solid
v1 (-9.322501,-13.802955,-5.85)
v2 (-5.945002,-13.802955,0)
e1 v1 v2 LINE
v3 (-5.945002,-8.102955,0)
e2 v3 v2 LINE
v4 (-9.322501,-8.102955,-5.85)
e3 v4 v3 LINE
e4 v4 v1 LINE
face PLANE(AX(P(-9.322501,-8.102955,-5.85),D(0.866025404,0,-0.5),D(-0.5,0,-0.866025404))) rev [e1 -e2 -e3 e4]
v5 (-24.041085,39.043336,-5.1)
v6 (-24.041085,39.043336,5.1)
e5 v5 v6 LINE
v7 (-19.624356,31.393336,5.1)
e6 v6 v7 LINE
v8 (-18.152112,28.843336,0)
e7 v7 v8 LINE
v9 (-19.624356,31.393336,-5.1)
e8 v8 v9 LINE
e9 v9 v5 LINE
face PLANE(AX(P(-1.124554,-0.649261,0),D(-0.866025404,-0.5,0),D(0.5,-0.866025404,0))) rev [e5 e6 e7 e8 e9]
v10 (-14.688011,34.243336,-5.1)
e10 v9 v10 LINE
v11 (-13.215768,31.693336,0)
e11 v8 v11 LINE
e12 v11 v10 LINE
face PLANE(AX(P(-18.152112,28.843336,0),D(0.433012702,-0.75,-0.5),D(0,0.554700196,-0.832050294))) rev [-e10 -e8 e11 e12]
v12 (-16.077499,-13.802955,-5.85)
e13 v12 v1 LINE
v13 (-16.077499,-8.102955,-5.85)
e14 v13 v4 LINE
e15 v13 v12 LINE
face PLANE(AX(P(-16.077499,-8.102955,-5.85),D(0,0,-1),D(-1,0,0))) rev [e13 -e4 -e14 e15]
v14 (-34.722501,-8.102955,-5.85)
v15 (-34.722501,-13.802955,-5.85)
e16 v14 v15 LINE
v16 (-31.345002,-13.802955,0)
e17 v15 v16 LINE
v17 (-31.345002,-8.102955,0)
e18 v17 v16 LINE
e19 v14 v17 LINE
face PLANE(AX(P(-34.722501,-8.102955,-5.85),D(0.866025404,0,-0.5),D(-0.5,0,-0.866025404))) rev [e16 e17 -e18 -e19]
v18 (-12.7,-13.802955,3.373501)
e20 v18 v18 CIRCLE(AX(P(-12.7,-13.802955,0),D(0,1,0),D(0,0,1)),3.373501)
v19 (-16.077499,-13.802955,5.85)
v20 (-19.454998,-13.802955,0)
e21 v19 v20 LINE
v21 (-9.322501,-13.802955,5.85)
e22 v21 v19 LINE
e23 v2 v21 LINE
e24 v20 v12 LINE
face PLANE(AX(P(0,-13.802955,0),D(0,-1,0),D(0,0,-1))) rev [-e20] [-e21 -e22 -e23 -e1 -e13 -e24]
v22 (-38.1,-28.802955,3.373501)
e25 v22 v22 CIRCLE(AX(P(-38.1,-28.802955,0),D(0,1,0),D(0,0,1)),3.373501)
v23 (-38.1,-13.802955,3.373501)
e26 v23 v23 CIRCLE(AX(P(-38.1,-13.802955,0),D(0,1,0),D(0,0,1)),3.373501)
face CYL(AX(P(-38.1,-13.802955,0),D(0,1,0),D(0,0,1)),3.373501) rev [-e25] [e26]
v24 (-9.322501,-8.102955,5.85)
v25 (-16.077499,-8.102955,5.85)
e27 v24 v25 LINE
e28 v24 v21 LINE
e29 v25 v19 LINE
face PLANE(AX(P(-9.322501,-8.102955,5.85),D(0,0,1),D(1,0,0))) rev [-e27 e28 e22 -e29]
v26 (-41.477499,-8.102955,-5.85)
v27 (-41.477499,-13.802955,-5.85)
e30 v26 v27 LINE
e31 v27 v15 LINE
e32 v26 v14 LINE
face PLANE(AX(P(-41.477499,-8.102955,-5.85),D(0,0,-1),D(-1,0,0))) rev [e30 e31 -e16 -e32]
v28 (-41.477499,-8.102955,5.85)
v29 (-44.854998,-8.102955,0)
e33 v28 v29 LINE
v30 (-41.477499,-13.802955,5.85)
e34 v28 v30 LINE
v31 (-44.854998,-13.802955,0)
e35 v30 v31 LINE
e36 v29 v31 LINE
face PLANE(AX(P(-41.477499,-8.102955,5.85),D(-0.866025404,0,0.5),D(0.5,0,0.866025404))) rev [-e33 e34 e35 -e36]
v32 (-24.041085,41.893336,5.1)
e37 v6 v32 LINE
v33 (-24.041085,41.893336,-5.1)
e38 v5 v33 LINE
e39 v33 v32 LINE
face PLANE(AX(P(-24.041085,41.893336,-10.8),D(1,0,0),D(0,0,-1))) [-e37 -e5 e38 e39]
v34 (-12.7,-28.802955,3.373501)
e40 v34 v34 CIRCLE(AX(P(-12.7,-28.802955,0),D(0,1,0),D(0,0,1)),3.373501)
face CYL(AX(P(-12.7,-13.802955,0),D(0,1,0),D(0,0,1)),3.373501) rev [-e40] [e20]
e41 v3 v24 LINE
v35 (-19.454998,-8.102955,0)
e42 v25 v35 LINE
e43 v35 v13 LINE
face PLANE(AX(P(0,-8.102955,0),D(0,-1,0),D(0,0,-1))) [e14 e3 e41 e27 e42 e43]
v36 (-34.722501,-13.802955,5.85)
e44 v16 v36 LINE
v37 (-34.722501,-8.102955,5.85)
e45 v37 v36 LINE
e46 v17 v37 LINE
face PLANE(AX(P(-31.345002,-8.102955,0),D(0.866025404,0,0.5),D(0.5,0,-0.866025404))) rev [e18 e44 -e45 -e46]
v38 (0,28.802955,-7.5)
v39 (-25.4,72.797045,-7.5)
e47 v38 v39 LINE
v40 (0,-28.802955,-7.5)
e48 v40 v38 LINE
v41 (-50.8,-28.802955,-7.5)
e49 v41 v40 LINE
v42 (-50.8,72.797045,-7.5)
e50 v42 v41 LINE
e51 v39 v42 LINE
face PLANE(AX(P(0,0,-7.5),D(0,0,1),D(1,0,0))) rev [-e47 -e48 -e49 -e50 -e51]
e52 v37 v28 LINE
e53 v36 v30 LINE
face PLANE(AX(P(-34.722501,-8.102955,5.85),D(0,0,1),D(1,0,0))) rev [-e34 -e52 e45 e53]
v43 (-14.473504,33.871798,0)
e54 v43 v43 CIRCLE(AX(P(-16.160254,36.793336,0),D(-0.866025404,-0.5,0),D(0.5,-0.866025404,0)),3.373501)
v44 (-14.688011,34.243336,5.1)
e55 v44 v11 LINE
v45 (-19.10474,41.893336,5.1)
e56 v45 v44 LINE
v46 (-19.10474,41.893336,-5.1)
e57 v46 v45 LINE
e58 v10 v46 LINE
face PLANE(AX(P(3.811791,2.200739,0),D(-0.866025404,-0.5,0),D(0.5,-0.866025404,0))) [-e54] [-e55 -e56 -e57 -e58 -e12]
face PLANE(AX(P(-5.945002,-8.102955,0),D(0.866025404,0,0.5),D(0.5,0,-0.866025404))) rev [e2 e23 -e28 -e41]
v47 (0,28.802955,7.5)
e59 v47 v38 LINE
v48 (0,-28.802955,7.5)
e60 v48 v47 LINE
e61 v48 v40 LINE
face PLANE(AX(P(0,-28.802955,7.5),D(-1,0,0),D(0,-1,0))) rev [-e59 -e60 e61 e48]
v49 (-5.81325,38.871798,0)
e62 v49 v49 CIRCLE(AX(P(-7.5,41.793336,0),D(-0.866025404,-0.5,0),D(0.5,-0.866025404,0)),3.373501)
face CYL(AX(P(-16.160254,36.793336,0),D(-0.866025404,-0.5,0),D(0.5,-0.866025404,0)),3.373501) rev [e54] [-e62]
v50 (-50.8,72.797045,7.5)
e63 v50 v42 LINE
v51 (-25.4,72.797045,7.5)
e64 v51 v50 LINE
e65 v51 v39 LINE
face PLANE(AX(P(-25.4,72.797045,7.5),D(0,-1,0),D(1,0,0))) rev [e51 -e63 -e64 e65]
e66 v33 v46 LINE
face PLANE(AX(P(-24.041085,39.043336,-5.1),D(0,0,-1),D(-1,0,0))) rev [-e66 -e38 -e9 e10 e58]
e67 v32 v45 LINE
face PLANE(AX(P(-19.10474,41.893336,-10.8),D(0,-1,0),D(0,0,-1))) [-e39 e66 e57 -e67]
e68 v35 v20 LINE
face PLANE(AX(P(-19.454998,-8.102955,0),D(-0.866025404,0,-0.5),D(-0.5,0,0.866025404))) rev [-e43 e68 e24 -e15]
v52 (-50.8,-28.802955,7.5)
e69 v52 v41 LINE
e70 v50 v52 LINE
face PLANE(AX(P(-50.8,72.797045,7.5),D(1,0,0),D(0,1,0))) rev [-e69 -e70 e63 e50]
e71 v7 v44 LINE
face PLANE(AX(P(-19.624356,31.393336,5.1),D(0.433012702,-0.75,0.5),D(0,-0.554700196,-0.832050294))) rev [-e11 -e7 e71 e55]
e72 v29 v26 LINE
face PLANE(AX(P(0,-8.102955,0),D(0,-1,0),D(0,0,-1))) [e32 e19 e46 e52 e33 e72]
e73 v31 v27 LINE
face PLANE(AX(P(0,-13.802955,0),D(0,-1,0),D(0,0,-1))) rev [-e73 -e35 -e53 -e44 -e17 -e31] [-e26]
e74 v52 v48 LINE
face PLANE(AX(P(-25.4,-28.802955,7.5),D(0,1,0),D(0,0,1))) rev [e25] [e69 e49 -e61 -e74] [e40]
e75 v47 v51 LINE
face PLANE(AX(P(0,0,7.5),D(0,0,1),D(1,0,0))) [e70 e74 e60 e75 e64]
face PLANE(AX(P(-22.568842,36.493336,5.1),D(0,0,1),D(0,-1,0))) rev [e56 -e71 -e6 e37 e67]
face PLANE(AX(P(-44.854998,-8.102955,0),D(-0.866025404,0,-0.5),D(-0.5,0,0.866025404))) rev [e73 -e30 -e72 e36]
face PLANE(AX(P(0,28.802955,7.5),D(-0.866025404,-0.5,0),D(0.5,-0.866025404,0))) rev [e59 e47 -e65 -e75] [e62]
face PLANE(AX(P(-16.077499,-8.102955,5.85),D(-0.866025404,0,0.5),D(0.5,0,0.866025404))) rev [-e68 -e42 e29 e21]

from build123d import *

# Parameters (mm, degrees)
BOSS_EXTRUDE1_DEPTH                       = 7.5
CUT_EXTRUDE1_START                        = -10
CUT_EXTRUDE1_DEPTH                        = 5.7
SKETCH5_W                                 = 3.373501
SKETCH5_H                                 = 31.997045256
CUT_EXTRUDE2_START                        = -15
CUT_EXTRUDE2_DEPTH                        = 5.7
SKETCH8_W                                 = 3.373501
SKETCH8_H                                 = 15
F_17_64_0_26563_DIAMETER_HOLE2_AT_2_COUNT = 2
F_17_64_0_26563_DIAMETER_HOLE2_AT_2_PITCH = 25.4
CUT_EXTRUDE3_DEPTH                        = 10.2


with BuildPart() as part:
    # Sketch1 → Boss-Extrude1 (new, symmetric)
    with BuildSketch(Plane.XY):
        Polygon((0, -28.802954744), (0, 28.802954744), (-25.4, 72.797045256), (-50.8, 72.797045256), (-50.8, -28.802954744), (-25.4, -28.802954744), align=None)
    extrude(amount=BOSS_EXTRUDE1_DEPTH, both=True)

    # Sketch2 → Cut-Extrude1 (cut)
    with BuildSketch(Plane(origin=(12.472045256, 7.200738686, 0), x_dir=(0, 0, -1), z_dir=(0.8660254037844379, 0.5000000000000013, 0)).offset(CUT_EXTRUDE1_START)):
        Polygon((0, 34.055117767), (5.1, 36.999604139), (5.1, 42.888576885), (5.1, 45.833063258), (0, 45.833063258), (-5.1, 45.833063258), (-5.1, 42.888576885), (-5.1, 36.999604139), align=None)
    extrude(amount=-CUT_EXTRUDE1_DEPTH, mode=Mode.SUBTRACT)

    # Sketch5 → 17/64 (0.26563) Diameter Hole1 (revolve, cut)
    with BuildSketch(Plane(origin=(-16.160254038, 36.793335801, 0), x_dir=(0.500000000000001, -0.866025403784438, 0), z_dir=(0, 0, 1))):
        with Locations((1.6867505, 15.998522628)):
            Rectangle(SKETCH5_W, SKETCH5_H)
    revolve(axis=Axis((-21.659515352, 33.618335801, 0), (0.866025403784438, 0.5000000000000009, 0)), mode=Mode.SUBTRACT)

    # Sketch6 → Cut-Extrude2 (cut)
    with BuildSketch(Plane.XZ.offset(28.802954744).offset(CUT_EXTRUDE2_START)):
        Polygon((-31.34500185, 0), (-34.722500925, 5.85), (-41.477499075, 5.85), (-44.85499815, 0), (-41.477499075, -5.85), (-34.722500925, -5.85), align=None)
        Polygon((-9.322500925, 5.85), (-16.077499075, 5.85), (-19.45499815, 0), (-16.077499075, -5.85), (-9.322500925, -5.85), (-5.94500185, 0), align=None)
    extrude(amount=-CUT_EXTRUDE2_DEPTH, mode=Mode.SUBTRACT)

    # Sketch8 → 17/64 (0.26563) Diameter Hole2 (revolve, cut)
    with BuildSketch(Plane(origin=(-12.7, -13.802954744, 0), x_dir=(0, 0, 1), z_dir=(1, 0, 0))):
        with Locations((1.6867505, 7.5)):
            Rectangle(SKETCH8_W, SKETCH8_H)
    f_17_64_0_26563_diameter_hole2 = revolve(axis=Axis((-12.7, -7.452954744, 0), (0, -1, 0)), mode=Mode.SUBTRACT)

    # 17/64 (0.26563) Diameter Hole2 at 2: 17/64 (0.26563) Diameter Hole2 ×2
    with Locations(*[(-i * F_17_64_0_26563_DIAMETER_HOLE2_AT_2_PITCH, 0, 0) for i in range(1, F_17_64_0_26563_DIAMETER_HOLE2_AT_2_COUNT)]):
        add(f_17_64_0_26563_diameter_hole2, mode=Mode.SUBTRACT)

    # Sketch9 → Cut-Extrude3 (cut)
    with BuildSketch(Plane(origin=(0, 0, 5.1), x_dir=(-1, 0, 0), z_dir=(0, 0, -1))):
        Polygon((19.104740411, 41.893335801), (24.041085212, 41.893335801), (24.041085212, 39.043335801), align=None)
    extrude(amount=CUT_EXTRUDE3_DEPTH, mode=Mode.SUBTRACT)


solid = part.part
